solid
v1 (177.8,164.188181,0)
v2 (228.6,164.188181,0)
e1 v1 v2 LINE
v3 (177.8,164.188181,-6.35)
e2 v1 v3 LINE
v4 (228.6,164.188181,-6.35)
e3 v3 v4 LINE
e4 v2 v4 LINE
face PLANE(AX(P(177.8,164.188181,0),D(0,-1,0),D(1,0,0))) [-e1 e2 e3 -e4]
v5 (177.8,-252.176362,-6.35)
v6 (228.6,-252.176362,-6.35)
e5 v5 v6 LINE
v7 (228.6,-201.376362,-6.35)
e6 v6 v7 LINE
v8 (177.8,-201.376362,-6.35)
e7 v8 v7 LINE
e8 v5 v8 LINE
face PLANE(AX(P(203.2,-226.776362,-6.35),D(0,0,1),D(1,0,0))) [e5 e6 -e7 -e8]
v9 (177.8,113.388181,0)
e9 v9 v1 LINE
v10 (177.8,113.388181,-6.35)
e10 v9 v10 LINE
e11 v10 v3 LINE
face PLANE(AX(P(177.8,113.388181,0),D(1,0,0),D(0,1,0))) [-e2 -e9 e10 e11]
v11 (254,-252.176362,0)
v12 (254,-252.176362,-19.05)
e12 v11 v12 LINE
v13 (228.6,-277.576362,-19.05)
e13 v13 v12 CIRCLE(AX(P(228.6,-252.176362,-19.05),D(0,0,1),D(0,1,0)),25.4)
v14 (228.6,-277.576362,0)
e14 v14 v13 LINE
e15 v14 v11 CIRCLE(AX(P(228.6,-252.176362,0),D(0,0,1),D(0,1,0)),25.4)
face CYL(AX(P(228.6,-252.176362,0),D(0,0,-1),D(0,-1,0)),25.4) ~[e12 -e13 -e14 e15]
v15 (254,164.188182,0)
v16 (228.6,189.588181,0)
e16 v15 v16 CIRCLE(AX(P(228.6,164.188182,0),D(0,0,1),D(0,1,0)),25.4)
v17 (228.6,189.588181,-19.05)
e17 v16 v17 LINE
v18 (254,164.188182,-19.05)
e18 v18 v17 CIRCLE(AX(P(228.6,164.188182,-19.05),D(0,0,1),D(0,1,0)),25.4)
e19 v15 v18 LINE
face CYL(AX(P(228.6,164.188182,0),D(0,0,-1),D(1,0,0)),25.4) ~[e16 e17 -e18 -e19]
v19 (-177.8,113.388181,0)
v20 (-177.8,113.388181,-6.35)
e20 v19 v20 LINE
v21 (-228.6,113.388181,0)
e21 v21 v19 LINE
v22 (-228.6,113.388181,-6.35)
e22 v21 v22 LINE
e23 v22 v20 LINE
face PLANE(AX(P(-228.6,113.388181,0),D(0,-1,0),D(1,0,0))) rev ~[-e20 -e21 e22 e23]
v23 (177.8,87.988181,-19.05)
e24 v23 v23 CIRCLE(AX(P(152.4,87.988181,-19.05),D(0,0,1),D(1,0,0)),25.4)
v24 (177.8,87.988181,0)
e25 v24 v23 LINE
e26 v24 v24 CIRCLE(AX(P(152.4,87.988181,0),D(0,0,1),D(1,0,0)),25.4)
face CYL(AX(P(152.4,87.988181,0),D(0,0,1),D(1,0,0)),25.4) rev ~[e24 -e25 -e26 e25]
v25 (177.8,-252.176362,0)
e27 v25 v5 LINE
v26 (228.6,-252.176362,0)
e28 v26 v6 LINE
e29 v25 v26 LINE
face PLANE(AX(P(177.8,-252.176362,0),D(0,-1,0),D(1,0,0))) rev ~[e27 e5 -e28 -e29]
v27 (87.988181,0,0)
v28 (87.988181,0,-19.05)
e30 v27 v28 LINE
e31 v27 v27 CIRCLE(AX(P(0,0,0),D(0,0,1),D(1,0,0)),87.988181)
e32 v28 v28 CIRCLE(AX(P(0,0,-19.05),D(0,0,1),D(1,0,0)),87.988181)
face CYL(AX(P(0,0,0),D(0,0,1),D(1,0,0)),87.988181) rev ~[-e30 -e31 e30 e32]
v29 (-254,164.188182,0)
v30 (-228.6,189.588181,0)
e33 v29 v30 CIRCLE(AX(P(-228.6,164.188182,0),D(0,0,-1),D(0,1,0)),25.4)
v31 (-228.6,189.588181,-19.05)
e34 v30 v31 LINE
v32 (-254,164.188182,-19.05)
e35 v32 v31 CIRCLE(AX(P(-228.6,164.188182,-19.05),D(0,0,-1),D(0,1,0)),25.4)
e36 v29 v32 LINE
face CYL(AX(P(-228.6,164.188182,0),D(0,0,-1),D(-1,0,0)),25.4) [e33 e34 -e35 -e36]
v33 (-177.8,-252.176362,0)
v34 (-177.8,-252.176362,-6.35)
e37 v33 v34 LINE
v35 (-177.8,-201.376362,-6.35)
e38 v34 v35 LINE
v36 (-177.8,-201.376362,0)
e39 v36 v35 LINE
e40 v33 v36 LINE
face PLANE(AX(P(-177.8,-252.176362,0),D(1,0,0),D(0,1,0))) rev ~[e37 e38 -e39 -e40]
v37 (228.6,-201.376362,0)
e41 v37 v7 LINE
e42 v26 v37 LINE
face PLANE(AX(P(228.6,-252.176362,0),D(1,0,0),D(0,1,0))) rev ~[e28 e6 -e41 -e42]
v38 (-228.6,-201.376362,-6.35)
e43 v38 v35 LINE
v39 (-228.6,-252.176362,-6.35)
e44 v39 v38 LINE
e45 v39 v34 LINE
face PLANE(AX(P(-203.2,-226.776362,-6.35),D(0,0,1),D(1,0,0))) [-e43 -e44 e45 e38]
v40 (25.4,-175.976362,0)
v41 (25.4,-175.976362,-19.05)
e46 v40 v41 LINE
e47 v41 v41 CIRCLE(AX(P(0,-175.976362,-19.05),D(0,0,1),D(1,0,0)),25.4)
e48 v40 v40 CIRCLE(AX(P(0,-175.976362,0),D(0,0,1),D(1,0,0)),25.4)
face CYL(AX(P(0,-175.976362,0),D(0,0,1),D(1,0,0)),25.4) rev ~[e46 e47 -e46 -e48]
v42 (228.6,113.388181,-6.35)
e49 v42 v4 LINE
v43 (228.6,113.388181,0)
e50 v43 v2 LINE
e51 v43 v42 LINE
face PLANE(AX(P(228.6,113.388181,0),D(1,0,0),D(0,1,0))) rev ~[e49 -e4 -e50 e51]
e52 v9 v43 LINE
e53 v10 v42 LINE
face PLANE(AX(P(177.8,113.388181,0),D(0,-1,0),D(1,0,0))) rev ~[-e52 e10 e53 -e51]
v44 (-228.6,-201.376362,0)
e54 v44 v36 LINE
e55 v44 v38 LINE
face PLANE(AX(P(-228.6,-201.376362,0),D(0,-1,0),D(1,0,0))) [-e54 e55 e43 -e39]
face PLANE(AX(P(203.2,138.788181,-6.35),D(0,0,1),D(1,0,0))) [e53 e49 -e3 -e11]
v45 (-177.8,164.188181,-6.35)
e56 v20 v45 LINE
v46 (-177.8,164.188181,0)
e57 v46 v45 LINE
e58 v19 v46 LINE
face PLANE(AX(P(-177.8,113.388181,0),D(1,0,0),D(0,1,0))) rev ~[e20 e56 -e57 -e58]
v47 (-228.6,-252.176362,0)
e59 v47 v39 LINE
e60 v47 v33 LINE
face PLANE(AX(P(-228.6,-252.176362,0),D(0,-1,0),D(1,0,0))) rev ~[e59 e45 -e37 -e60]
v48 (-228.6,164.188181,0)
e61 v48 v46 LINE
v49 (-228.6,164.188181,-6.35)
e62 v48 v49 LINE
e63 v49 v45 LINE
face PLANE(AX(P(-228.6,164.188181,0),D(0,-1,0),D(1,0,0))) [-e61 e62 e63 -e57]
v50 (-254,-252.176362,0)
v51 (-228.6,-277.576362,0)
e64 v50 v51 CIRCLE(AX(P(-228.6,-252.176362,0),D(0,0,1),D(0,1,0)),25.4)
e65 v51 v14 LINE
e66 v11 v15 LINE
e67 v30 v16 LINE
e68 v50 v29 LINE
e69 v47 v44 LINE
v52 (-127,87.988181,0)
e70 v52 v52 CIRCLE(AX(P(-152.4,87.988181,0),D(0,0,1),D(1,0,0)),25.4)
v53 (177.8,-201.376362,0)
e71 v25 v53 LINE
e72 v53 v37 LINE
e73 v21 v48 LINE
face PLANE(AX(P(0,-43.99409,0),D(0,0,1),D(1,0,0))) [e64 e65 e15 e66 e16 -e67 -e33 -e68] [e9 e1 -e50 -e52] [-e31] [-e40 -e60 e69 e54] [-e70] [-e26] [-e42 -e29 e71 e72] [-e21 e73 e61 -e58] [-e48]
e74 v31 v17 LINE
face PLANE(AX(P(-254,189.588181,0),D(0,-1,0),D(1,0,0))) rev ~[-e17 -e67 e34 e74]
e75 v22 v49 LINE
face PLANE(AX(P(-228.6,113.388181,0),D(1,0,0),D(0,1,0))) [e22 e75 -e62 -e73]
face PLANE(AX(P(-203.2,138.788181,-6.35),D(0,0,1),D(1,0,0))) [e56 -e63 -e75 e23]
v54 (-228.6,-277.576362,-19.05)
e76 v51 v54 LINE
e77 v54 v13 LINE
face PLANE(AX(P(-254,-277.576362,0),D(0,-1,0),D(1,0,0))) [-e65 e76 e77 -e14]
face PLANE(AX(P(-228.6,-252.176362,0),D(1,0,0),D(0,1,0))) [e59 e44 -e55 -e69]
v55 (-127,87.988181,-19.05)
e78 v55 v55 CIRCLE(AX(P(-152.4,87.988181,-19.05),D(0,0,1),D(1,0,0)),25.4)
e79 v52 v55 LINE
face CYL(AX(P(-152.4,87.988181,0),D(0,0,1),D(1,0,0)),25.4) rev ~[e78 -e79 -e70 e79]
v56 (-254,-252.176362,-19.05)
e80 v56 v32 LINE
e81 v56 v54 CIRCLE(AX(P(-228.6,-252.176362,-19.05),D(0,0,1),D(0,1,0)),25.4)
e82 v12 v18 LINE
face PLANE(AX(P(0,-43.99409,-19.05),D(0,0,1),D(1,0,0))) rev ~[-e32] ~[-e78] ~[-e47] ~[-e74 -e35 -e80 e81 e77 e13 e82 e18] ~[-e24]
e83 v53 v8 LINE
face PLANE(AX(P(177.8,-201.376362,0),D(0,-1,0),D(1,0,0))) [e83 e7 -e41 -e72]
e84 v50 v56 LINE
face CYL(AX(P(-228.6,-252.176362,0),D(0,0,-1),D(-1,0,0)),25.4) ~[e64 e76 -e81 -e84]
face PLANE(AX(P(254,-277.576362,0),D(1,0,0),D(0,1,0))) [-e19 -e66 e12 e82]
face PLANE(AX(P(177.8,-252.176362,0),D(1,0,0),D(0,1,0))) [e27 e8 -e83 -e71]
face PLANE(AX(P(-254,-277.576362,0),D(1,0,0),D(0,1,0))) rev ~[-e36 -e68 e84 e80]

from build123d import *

# Parameters (mm, degrees)
F0_W     = 508
F0_H     = 467.164543
F0_W_2   = 50.8
F0_H_2   = 50.8
F0_R     = 25.4
F0_R_2   = 87.988181
F1_DEPTH = 19.05
F2_R     = 25.4
F3_DEPTH = 6.35
F4_DEPTH = 19.051


with BuildPart() as f1:
    # F0 (on Top) → F1 (new body)
    with BuildSketch(Plane.XY):
        with Locations((0, -43.99409)):
            Rectangle(F0_W, F0_H)
        with Locations((-203.2, -226.776362)):
            Rectangle(F0_W_2, F0_H_2, mode=Mode.SUBTRACT)
        with Locations((0, -175.976362)):
            Circle(F0_R, mode=Mode.SUBTRACT)
        with Locations((203.2, -226.776362)):
            Rectangle(F0_W_2, F0_H_2, mode=Mode.SUBTRACT)
        with Locations((-152.4, 87.988181)):
            Circle(F0_R, mode=Mode.SUBTRACT)
        with Locations((-203.2, 138.788181)):
            Rectangle(F0_W_2, F0_H_2, mode=Mode.SUBTRACT)
        Circle(F0_R_2, mode=Mode.SUBTRACT)
        with Locations((152.4, 87.988181)):
            Circle(F0_R, mode=Mode.SUBTRACT)
        with Locations((203.2, 138.788181)):
            Rectangle(F0_W_2, F0_H_2, mode=Mode.SUBTRACT)
        with Locations((-203.2, 138.788181)):
            Rectangle(F0_W_2, F0_H_2)
        with Locations((-203.2, -226.776362)):
            Rectangle(F0_W_2, F0_H_2)
        with Locations((203.2, -226.776362)):
            Rectangle(F0_W_2, F0_H_2)
        with Locations((203.2, 138.788181)):
            Rectangle(F0_W_2, F0_H_2)
        with Locations((-152.4, 87.988181)):
            Circle(F0_R)
        with Locations((152.4, 87.988181)):
            Circle(F0_R)
        with Locations((0, -175.976362)):
            Circle(F0_R)
    extrude(amount=-F1_DEPTH)

    # F2
    f2_edges = [f1.edges().sort_by_distance(p)[0] for p in [
        (-254, 189.588181, -9.525),
        (254, 189.588181, -9.525),
        (-254, -277.576362, -9.525),
        (254, -277.576362, -9.525),
    ]]
    fillet(f2_edges, radius=F2_R)

    # F0 (on Top) → F3 (cut)
    with BuildSketch(Plane.XY):
        with Locations((-203.2, -226.776362)):
            Rectangle(F0_W_2, F0_H_2)
        with Locations((-203.2, 138.788181)):
            Rectangle(F0_W_2, F0_H_2)
        with Locations((203.2, -226.776362)):
            Rectangle(F0_W_2, F0_H_2)
        with Locations((203.2, 138.788181)):
            Rectangle(F0_W_2, F0_H_2)
    extrude(amount=-F3_DEPTH, mode=Mode.SUBTRACT)

    # F0 (on Top) → F4 (cut, through all)
    with BuildSketch(Plane.XY):
        with Locations((-152.4, 87.988181)):
            Circle(F0_R)
        with Locations((0, -175.976362)):
            Circle(F0_R)
        with Locations((152.4, 87.988181)):
            Circle(F0_R)
    extrude(amount=-F4_DEPTH, mode=Mode.SUBTRACT)


solid = f1.part
